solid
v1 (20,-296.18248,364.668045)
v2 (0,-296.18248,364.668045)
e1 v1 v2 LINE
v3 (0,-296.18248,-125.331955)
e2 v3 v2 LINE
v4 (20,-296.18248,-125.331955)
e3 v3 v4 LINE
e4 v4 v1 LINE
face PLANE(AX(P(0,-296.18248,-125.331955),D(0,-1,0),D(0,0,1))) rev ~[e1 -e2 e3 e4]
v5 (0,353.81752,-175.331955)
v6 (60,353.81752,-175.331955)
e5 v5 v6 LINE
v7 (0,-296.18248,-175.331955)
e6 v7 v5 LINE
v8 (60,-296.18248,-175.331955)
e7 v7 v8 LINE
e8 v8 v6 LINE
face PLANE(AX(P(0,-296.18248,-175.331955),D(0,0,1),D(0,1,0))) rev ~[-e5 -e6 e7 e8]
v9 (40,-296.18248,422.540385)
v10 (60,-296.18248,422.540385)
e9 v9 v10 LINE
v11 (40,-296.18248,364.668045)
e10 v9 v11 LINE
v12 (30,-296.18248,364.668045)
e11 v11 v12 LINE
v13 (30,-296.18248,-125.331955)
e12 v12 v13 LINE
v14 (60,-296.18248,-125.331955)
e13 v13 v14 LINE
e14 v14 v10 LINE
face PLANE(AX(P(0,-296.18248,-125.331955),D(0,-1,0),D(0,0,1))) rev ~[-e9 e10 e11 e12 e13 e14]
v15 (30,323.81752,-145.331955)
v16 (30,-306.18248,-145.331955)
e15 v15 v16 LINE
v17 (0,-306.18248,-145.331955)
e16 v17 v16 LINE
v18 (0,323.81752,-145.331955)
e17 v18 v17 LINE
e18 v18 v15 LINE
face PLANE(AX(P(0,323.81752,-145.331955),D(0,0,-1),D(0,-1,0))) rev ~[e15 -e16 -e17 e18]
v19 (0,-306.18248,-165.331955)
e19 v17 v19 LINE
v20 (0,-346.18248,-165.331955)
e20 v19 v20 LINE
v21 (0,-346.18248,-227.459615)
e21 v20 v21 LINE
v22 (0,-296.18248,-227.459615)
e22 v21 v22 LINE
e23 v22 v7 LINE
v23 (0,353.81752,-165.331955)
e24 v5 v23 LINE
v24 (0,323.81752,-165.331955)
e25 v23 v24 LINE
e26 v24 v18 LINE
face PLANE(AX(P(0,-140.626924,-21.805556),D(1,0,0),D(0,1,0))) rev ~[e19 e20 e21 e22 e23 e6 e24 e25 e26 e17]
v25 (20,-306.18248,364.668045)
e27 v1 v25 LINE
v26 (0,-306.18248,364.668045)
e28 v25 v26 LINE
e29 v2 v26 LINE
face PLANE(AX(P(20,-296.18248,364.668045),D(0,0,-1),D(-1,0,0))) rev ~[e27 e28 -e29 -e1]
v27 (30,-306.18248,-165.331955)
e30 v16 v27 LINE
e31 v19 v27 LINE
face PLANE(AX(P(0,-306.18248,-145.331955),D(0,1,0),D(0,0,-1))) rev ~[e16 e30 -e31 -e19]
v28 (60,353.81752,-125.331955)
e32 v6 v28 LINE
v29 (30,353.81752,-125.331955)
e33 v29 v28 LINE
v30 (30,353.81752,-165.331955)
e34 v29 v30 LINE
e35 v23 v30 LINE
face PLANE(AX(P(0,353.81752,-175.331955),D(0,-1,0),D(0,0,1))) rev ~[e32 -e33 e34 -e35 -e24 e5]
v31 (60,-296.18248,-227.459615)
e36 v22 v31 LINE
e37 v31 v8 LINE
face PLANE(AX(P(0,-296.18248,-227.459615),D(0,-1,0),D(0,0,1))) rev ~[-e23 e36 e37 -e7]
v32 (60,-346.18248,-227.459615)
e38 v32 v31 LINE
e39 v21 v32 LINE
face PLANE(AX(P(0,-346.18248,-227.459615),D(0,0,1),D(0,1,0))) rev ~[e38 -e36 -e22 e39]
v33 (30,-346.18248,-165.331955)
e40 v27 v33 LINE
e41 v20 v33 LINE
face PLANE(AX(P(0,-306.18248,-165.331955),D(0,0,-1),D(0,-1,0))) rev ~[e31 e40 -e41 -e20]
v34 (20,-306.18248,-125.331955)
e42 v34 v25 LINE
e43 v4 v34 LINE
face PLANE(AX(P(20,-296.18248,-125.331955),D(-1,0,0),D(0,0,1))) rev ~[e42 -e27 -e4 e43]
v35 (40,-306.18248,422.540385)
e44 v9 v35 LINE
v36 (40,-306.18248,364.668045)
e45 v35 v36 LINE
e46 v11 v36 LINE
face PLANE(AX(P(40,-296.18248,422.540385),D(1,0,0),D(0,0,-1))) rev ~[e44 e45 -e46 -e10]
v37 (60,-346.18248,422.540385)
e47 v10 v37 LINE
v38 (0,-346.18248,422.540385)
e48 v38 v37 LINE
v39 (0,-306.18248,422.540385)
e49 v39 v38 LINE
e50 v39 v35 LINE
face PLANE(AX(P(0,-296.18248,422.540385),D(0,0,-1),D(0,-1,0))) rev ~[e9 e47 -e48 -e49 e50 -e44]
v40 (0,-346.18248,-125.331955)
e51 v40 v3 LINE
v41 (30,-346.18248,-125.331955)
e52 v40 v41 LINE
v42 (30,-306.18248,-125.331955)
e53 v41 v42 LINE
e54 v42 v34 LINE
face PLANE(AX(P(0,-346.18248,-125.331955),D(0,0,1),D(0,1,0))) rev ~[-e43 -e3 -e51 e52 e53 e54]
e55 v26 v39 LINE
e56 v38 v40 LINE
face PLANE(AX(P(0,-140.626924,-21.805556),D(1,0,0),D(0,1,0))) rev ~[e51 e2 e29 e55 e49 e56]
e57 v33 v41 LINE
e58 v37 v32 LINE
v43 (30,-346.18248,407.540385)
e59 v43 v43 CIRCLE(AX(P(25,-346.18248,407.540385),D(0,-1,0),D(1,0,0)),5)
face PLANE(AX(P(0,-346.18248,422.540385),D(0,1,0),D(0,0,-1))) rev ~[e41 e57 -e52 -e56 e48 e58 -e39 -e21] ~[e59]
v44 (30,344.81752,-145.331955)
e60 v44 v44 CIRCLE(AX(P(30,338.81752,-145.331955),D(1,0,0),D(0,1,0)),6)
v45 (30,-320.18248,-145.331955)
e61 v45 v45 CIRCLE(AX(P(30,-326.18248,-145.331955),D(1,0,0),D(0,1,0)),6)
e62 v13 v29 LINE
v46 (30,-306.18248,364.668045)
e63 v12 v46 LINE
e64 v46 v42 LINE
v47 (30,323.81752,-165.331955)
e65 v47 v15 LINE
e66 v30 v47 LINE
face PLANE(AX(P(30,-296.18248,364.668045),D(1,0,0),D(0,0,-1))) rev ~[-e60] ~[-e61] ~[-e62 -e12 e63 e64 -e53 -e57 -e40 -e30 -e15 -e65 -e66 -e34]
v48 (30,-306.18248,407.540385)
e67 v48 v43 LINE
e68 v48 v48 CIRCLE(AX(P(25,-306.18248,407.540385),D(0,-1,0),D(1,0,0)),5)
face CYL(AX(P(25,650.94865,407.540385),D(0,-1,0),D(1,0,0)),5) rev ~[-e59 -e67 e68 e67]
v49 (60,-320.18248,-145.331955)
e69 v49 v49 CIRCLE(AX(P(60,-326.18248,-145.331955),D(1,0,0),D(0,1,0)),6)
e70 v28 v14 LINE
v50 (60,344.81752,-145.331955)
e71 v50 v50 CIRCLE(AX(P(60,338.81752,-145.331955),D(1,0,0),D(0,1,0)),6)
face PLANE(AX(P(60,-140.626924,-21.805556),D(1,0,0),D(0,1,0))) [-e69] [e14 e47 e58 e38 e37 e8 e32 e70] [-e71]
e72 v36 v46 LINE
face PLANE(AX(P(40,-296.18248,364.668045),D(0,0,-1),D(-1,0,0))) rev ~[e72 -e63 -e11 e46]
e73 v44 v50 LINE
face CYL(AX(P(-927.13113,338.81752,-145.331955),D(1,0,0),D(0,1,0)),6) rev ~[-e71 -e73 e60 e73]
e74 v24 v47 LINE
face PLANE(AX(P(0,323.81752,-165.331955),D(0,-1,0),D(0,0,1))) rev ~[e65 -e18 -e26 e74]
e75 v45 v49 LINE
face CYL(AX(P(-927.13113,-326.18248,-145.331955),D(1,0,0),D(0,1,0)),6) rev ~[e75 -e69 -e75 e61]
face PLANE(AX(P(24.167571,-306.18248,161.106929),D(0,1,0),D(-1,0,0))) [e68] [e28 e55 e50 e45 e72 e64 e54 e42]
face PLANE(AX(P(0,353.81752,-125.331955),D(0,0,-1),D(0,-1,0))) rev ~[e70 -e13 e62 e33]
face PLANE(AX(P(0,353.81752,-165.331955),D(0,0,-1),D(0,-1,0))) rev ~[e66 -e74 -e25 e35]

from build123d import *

# Parameters (mm, degrees)
F1_DEPTH = 60
F3_DEPTH = 30
F5_D     = 12
F7_DEPTH = 10
F9_D     = 10


with BuildPart() as f1:
    # F0 (on Right) → F1 (new body)
    with BuildSketch(Plane.YZ):
        Polygon((-296.18248, 422.540385), (-346.18248, 422.540385), (-346.18248, -227.459615), (-296.18248, -227.459615), (-296.18248, -175.331955), (353.81752, -175.331955), (353.81752, -125.331955), (-296.18248, -125.331955), align=None)
    extrude(amount=F1_DEPTH)

    # F2 (on face) → F3 (cut)
    with BuildSketch(Plane(origin=(0, 0, 0), x_dir=(0, -1, 0), z_dir=(-1, 0, 0))):
        Polygon((346.18248, -125.331955), (-353.81752, -125.331955), (-353.81752, -165.331955), (-323.81752, -165.331955), (-323.81752, -145.331955), (306.18248, -145.331955), (306.18248, -165.331955), (346.18248, -165.331955), align=None)
    extrude(amount=-F3_DEPTH, mode=Mode.SUBTRACT)

    # F5 (through all)
    with Locations(Plane(origin=(30, 0, 0), x_dir=(0, -1, 0), z_dir=(-1, 0, 0))):
        with Locations((-338.81752, -145.331955), (326.18248, -145.331955)):
            Hole(F5_D / 2)

    # F6 (on face) → F7 (cut)
    with BuildSketch(Plane(origin=(0, -296.18248, 0), x_dir=(-1, 0, 0), z_dir=(0, 1, 0))):
        Polygon((-30, 364.668045), (-30, -125.331955), (-20, -125.331955), (-20, 364.668045), (0, 364.668045), (0, 374.668045), (0, 422.540385), (-40, 422.540385), (-40, 364.668045), align=None)
    extrude(amount=-F7_DEPTH, mode=Mode.SUBTRACT)

    # F9 (through all)
    with Locations(Plane(origin=(0, -306.18248, 0), x_dir=(-1, 0, 0), z_dir=(0, 1, 0))):
        with Locations((-25, 407.540385)):
            Hole(F9_D / 2)


solid = f1.part
